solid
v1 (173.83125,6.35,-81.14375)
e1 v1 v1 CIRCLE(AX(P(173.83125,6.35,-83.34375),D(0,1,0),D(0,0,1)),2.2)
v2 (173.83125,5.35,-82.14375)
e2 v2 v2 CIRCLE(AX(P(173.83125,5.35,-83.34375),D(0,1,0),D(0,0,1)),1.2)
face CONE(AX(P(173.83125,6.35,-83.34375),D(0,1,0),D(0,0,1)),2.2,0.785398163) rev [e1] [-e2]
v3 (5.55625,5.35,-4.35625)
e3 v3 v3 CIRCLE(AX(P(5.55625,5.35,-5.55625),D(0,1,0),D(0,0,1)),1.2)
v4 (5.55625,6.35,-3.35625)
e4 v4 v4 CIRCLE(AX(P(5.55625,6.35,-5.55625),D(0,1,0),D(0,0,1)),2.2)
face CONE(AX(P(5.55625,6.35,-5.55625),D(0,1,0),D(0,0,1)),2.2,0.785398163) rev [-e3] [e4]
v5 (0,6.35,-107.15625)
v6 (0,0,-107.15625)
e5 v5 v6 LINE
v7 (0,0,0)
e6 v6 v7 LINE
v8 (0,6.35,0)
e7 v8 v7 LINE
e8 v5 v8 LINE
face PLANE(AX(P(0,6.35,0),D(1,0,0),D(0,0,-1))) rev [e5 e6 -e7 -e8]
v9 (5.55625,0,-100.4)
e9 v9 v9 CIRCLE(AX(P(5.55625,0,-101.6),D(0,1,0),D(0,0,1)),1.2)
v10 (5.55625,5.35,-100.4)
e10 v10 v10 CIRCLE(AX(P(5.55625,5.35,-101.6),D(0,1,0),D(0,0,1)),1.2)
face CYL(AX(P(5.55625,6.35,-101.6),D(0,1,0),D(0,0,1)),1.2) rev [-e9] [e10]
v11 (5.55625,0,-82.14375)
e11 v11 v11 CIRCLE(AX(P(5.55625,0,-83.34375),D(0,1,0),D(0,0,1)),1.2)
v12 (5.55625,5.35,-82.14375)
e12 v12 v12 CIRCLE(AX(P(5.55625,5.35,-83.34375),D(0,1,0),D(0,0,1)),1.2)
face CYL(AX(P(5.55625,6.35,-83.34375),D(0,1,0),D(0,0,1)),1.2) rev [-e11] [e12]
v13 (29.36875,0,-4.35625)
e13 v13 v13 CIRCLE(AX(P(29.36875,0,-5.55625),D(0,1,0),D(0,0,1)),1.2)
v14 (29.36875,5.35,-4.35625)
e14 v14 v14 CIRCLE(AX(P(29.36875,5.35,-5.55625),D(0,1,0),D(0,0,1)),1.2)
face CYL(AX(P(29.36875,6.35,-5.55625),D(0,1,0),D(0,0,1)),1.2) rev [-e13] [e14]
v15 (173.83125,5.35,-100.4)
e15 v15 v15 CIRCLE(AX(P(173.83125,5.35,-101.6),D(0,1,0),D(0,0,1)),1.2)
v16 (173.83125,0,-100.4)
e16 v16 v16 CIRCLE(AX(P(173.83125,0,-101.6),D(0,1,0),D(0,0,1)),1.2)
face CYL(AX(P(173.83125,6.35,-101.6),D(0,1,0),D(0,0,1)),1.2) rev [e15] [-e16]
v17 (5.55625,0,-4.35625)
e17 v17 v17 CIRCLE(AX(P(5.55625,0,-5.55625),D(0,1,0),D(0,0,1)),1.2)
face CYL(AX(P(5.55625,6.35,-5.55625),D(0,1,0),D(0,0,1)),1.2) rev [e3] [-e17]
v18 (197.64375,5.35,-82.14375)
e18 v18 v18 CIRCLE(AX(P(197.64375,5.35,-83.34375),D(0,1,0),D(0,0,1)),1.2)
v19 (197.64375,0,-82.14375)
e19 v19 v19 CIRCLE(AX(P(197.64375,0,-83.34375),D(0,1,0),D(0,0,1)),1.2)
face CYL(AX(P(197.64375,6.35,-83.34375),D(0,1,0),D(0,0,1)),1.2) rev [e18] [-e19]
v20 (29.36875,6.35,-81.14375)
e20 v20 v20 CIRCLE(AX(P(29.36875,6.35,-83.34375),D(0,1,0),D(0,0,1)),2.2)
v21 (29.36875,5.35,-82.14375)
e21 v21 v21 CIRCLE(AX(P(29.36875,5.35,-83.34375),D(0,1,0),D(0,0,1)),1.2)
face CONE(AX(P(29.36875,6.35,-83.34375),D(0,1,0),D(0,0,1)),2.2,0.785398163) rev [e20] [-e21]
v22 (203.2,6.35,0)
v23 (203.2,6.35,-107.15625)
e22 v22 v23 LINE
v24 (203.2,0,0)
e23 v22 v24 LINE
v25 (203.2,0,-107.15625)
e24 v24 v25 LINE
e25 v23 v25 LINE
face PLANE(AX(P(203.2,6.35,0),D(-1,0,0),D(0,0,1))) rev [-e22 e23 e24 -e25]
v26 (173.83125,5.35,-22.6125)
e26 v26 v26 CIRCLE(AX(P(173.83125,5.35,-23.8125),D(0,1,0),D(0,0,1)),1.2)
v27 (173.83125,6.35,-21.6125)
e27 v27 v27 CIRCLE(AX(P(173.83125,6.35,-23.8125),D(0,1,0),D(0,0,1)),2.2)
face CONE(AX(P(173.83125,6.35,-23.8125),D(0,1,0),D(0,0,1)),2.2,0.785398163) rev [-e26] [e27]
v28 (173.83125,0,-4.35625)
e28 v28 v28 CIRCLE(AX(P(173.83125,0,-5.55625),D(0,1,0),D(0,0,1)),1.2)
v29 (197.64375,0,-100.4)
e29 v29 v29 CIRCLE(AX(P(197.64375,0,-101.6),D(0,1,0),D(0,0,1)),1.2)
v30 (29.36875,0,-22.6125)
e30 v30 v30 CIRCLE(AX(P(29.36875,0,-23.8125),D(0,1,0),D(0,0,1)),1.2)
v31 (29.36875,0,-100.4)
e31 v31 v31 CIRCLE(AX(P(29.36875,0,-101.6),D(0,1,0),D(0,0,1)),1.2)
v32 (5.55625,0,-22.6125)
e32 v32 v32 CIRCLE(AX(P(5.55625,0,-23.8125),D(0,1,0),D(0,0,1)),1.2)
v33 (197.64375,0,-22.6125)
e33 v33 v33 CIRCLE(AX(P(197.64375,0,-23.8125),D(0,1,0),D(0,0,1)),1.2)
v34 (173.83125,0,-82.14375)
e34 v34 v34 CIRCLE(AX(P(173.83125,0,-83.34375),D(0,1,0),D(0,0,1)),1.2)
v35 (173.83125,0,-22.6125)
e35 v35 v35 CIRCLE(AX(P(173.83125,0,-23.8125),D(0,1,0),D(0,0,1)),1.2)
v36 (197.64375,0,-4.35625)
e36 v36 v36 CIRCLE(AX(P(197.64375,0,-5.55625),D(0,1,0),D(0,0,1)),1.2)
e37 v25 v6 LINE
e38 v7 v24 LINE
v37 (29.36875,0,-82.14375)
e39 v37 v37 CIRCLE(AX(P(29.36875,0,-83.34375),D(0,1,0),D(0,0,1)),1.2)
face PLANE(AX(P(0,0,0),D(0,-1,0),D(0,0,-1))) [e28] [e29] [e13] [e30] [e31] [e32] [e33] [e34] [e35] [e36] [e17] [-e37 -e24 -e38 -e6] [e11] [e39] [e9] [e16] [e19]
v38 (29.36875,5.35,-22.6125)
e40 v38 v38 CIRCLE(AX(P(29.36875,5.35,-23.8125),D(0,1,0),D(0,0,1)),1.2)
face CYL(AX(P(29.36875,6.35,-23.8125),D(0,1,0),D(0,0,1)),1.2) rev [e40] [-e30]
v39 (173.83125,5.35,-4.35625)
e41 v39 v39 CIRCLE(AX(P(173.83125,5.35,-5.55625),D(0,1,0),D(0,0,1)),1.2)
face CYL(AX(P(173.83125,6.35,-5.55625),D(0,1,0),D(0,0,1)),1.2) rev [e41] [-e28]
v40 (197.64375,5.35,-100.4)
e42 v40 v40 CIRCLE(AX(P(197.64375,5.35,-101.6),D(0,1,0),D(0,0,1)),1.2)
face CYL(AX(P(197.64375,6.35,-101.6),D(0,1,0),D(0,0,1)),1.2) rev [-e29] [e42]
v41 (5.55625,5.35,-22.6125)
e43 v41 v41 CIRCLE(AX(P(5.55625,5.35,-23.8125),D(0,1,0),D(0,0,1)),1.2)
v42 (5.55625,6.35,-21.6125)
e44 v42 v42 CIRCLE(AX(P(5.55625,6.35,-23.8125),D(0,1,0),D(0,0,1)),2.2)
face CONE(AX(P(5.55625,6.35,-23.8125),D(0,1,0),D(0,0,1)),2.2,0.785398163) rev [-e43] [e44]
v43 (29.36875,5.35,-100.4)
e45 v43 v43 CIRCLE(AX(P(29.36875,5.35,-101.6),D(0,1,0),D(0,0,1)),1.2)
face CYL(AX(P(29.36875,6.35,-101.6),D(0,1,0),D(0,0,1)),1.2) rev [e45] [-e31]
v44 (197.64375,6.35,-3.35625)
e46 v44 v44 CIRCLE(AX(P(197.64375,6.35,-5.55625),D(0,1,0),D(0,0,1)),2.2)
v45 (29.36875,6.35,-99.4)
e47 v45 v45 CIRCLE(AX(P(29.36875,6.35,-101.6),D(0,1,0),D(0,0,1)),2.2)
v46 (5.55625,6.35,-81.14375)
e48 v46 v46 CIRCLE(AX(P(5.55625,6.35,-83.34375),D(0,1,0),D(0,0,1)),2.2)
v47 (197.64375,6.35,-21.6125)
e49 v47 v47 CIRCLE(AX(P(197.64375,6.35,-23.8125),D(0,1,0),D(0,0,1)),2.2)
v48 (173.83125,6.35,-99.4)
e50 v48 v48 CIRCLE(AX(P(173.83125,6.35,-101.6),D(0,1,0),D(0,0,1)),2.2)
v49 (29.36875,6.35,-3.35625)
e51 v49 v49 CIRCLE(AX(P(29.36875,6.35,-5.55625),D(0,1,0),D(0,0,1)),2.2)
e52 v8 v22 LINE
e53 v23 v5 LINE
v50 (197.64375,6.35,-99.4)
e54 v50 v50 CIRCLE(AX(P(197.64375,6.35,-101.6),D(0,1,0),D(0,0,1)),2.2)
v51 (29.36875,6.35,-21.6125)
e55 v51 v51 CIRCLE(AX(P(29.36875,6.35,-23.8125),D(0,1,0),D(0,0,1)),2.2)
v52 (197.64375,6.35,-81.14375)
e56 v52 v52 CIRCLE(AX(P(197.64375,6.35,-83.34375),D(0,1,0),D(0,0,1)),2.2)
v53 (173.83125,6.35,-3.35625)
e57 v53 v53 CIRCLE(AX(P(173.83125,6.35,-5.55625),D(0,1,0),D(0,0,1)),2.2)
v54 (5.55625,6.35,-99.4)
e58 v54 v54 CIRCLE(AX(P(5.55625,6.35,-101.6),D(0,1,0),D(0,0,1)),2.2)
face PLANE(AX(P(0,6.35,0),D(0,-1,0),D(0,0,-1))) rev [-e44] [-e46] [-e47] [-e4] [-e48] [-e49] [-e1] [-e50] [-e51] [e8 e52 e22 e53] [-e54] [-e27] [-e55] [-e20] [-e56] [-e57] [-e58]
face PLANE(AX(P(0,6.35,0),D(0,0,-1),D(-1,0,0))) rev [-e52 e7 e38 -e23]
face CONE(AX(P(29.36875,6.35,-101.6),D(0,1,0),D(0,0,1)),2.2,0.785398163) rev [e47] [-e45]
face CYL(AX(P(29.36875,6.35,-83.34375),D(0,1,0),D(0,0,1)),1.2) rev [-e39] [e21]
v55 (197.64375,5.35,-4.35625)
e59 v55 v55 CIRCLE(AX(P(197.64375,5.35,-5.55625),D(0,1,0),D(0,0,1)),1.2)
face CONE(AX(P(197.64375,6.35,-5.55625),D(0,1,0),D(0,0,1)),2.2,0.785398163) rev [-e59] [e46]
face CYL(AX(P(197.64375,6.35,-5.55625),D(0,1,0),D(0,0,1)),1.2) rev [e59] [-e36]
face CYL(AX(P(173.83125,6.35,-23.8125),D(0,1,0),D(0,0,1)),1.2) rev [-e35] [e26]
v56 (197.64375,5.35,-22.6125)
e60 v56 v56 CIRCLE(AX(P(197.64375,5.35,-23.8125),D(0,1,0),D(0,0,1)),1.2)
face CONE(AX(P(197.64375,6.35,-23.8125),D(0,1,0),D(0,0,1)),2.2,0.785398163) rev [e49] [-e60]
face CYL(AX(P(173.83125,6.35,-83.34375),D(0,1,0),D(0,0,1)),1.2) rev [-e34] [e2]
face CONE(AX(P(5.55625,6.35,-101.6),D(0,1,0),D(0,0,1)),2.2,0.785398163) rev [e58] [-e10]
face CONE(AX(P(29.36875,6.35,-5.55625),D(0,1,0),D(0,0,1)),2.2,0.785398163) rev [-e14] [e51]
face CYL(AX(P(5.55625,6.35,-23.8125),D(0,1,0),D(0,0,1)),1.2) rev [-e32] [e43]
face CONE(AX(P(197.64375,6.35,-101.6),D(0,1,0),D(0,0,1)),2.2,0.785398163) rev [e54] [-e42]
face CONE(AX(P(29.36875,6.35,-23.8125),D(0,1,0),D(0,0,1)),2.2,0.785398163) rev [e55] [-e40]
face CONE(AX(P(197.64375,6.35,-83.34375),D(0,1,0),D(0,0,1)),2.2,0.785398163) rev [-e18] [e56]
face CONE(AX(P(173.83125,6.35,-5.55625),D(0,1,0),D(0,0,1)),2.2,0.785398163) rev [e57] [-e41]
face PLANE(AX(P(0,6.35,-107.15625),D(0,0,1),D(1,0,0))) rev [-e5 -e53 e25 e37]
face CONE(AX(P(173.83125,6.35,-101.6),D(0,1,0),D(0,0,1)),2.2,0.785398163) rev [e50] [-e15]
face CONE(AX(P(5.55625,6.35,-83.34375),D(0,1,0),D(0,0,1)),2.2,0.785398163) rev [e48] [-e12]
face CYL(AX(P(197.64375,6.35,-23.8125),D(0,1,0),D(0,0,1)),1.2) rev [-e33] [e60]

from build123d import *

# Parameters (mm, degrees)
SKETCH1_W                                       = 203.2
SKETCH1_H                                       = 107.15625
BOSS_EXTRUDE1_DEPTH                             = 6.35
CSK_FOR_M2_FLAT_HEAD_MACHINE_SCREW1_D           = 2.4
CSK_FOR_M2_FLAT_HEAD_MACHINE_SCREW1_CSINK_D     = 4.4
CSK_FOR_M2_FLAT_HEAD_MACHINE_SCREW1_CSINK_ANGLE = 90


with BuildPart() as part:
    # Sketch1 → Boss-Extrude1 (new body)
    with BuildSketch(Plane(origin=(0, 0, 0), x_dir=(1, 0, 0), z_dir=(0, 1, 0))):
        with Locations((101.6, 53.578125)):
            Rectangle(SKETCH1_W, SKETCH1_H)
    extrude(amount=BOSS_EXTRUDE1_DEPTH)

    # CSK for M2 Flat Head Machine Screw1 (through all)
    with Locations(Plane(origin=(0, 6.35, 0), x_dir=(1, 0, 0), z_dir=(0, 1, 0))):
        with Locations((5.55625, 101.6), (1.201469153, 116.400099152), (1.201469153, 113.370035287), (29.36875, 101.6), (5.55625, 5.55625), (29.36875, 5.55625), (173.83125, 5.55625), (173.83125, 101.6), (197.64375, 101.6), (197.64375, 5.55625), (5.55625, 83.34375), (29.36875, 83.34375), (5.55625, 23.8125), (173.83125, 83.34375), (197.64375, 83.34375), (173.83125, 23.8125), (197.64375, 23.8125), (29.36875, 23.8125)):
            CounterSinkHole(CSK_FOR_M2_FLAT_HEAD_MACHINE_SCREW1_D / 2, CSK_FOR_M2_FLAT_HEAD_MACHINE_SCREW1_CSINK_D / 2, counter_sink_angle=CSK_FOR_M2_FLAT_HEAD_MACHINE_SCREW1_CSINK_ANGLE)


solid = part.part
